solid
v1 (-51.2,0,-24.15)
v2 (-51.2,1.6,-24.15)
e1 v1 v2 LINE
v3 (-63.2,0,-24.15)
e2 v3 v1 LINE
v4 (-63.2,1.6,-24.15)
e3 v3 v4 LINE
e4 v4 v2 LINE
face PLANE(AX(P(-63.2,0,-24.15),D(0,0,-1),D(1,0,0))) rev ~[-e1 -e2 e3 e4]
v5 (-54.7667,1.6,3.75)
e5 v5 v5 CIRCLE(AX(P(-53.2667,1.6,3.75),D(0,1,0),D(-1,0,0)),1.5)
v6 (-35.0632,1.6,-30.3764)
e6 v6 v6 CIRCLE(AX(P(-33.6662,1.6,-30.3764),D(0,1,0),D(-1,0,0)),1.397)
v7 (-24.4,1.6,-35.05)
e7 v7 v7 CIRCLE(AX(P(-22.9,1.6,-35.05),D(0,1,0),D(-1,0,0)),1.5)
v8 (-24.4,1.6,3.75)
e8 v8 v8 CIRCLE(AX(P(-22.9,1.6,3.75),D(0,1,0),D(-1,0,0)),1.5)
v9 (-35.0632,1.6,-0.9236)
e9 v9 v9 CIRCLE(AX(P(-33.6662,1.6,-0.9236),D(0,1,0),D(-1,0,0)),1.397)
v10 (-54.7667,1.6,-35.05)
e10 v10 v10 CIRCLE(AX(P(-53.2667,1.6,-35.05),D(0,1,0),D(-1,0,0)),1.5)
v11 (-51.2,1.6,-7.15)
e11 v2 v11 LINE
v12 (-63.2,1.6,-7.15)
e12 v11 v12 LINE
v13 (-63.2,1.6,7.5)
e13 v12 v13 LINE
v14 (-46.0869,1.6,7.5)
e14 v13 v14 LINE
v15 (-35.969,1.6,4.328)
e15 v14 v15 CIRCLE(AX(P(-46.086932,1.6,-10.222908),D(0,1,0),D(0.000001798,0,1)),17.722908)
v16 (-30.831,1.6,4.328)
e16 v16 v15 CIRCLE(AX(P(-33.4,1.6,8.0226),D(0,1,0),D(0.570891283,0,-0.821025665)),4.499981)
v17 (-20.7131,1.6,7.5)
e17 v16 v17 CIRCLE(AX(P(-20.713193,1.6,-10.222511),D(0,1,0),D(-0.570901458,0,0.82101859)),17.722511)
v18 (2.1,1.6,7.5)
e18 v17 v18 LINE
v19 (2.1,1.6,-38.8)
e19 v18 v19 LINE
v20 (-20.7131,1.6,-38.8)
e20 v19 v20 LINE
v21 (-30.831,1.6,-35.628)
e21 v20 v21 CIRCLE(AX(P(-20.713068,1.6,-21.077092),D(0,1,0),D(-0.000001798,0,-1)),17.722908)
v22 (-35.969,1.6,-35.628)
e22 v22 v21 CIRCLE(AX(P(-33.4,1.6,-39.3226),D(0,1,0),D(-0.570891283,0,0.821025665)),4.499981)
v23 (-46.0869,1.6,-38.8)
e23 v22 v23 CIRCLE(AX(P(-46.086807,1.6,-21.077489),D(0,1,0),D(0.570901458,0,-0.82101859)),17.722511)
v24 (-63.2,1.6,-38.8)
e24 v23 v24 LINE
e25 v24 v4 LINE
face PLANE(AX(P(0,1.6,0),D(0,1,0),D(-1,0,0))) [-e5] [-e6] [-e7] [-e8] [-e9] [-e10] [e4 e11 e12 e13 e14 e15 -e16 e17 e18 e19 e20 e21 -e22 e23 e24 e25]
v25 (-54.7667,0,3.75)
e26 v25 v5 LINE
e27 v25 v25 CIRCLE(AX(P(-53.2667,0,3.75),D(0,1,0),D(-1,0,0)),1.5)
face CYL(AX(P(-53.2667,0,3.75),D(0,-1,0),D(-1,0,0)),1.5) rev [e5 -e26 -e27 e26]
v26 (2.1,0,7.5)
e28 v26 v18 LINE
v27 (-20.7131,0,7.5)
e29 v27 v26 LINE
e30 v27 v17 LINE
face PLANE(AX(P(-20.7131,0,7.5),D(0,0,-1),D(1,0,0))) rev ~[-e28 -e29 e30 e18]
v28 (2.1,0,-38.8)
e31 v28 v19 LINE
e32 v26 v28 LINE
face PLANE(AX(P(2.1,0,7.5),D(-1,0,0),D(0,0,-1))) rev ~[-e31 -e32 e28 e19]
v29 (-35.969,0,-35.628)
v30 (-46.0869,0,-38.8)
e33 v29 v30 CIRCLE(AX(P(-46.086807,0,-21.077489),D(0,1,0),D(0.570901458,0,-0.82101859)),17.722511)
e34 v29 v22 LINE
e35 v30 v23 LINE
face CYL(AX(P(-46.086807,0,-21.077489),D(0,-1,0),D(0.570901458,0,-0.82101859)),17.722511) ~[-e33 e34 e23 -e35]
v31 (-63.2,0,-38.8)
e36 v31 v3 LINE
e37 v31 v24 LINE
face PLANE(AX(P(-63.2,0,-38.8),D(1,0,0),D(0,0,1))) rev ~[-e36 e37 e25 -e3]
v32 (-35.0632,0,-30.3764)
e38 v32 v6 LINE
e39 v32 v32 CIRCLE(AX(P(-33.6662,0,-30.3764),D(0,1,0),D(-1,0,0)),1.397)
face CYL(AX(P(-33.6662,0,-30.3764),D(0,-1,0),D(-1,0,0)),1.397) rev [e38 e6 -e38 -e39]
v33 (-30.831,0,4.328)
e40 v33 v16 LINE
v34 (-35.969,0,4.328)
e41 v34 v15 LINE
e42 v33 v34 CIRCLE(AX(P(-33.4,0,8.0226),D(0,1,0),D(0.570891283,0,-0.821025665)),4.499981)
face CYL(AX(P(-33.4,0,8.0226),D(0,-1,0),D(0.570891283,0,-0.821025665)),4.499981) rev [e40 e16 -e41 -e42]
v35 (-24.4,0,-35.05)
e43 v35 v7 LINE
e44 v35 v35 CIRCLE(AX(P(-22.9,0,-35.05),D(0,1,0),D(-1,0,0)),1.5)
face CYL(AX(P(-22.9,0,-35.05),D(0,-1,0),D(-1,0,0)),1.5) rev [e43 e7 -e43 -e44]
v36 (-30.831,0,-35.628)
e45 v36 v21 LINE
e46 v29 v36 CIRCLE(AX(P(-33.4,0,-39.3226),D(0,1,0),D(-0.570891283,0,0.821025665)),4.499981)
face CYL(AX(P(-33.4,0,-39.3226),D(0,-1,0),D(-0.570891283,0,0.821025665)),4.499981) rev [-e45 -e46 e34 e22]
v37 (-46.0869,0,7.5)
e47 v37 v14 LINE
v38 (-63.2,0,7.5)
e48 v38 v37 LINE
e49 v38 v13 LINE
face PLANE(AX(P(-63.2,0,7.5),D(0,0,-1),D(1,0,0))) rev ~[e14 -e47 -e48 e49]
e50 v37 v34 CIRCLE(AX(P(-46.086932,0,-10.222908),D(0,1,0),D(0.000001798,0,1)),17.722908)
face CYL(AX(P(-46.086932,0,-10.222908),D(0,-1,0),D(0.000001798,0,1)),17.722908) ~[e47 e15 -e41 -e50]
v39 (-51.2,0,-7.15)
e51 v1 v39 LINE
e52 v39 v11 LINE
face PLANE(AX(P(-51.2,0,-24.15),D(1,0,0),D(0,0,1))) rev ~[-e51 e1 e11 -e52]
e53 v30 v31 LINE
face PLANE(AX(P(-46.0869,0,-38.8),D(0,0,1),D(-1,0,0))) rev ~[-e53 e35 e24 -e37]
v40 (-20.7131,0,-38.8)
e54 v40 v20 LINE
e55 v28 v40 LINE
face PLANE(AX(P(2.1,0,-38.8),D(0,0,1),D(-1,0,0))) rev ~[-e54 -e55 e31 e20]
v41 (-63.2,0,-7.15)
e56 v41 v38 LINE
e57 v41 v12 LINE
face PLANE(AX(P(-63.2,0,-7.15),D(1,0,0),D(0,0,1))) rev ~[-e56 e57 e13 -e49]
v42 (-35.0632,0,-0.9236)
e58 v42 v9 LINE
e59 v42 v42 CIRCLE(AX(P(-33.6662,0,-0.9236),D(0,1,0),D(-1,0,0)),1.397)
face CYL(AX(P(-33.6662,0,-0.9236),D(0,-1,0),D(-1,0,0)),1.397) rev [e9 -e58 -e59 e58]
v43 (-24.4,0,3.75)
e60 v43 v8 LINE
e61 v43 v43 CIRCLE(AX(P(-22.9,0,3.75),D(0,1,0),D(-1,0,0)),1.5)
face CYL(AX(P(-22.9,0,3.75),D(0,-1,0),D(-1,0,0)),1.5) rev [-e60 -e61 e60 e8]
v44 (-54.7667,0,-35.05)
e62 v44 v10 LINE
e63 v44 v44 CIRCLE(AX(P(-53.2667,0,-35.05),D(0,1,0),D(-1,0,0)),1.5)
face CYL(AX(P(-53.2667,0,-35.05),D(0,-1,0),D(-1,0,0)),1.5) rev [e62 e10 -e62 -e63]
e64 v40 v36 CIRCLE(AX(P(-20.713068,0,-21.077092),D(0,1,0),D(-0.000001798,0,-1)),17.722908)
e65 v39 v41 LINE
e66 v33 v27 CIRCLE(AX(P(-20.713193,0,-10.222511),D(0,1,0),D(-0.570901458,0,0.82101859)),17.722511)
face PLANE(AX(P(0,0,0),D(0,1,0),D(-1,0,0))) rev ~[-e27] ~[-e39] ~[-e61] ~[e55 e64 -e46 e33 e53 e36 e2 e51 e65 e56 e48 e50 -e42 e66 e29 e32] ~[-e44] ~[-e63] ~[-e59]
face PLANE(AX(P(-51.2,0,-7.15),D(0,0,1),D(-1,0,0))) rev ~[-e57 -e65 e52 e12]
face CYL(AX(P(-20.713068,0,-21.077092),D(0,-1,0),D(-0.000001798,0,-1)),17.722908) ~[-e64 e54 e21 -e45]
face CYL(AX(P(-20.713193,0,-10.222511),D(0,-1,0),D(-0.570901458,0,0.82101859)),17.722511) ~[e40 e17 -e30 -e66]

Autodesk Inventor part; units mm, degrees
ref_plane "YZ Plane" through (0, 0, 0) normal (1, 0, 0) x (0, 1, 0)
ref_plane "XZ Plane" through (0, 0, 0) normal (0, 1, 0) x (-1, 0, 0)
ref_plane "XY Plane" through (0, 0, 0) normal (0, 0, 1) x (1, 0, 0)
sketch "Эскиз1" plane through (0, 0, 0) normal (0, 1, 0) x (-1, 0, 0)
  circle A0 centre (22.9, 3.75) radius 1.5
  circle A1 centre (53.2667, -35.05) radius 1.5
  circle A2 centre (22.9, -35.05) radius 1.5
  circle A3 centre (33.4, -38.2774) radius 3.3
  circle A4 centre (33.4, 6.9774) radius 3.3
  circle A5 centre (53.2667, 3.75) radius 1.5
  line L0 (63.2, -24.15) -> (51.2, -24.15)
  line L1 (51.2, -24.15) -> (51.2, -7.15)
  line L2 (51.2, -7.15) -> (63.2, -7.15)
  line L3 (63.2, -7.15) -> (63.2, 7.5)
  line L4 (63.2, 7.5) -> (46.0869, 7.5)
  arc A6 (35.969, 10.672) -> (46.0869, 7.5) centre (46.0869, 25.2227) ccw
  arc A7 (35.969, 10.672) -> (30.831, 10.672) centre (33.4, 6.9774) ccw
  arc A8 (20.7131, 7.5) -> (30.831, 10.672) centre (20.7131, 25.2227) ccw
  line L5 (20.7131, 7.5) -> (-2.1, 7.5)
  line L6 (-2.1, 7.5) -> (-2.1, -38.8)
  line L7 (-2.1, -38.8) -> (20.7131, -38.8)
  arc A9 (30.831, -41.972) -> (20.7131, -38.8) centre (20.7131, -56.5227) ccw
  arc A10 (30.831, -41.972) -> (35.969, -41.972) centre (33.4, -38.2774) ccw
  arc A11 (46.0869, -38.8) -> (35.969, -41.972) centre (46.0869, -56.5227) ccw
  line L8 (46.0869, -38.8) -> (63.2, -38.8)
  line L9 (63.2, -38.8) -> (63.2, -24.15)
  circle A12 centre (30.5522, -15.6437) radius 50
  line L10 (53.2667, -35.05) -> (22.9, -35.05)
  line L11 (53.2667, 3.75) -> (22.9, 3.75)
  point P0 (0, 0)
  point P1 (-2.1, -15.65)
  point P2 (0, 0)
  point P3 (-63.2, 38.8)
  point P4 (63.2, -38.8)
  dimension "d7" = 3.75
  dimension "d8" = 3.75
  dimension "d9" = 9.9333
  dimension "d10" = 9.9333
  dimension "d11" = 25
  dimension "d12" = 25
  dimension "d13" = 3
sketch "Эскиз2" plane through (0, 0, 0) normal (0, 1, 0) x (-1, 0, 0)
  line L0 (63.2, 7.5) -> (-2.1, 7.5)
  line L1 (-2.1, 7.5) -> (-2.1, -38.8)
  line L2 (-2.1, -38.8) -> (63.2, -38.8)
  line L3 (63.2, -38.8) -> (63.2, 7.5)
  arc A0 (35.969, 10.672) -> (46.0869, 7.5) centre (46.0869, 25.2227) ccw projected
  arc A1 (35.969, 10.672) -> (30.831, 10.672) centre (33.4, 6.9774) ccw projected
  arc A2 (20.7131, 7.5) -> (30.831, 10.672) centre (20.7131, 25.2227) ccw projected
  arc A3 (46.0869, -38.8) -> (35.969, -41.972) centre (46.0869, -56.5227) ccw projected
  arc A4 (30.831, -41.972) -> (35.969, -41.972) centre (33.4, -38.2774) ccw projected
  arc A5 (30.831, -41.972) -> (20.7131, -38.8) centre (20.7131, -56.5227) ccw projected
  arc A6 (46.0869, 7.5) -> (35.969, 4.328) centre (46.0869, -10.2227) ccw
  arc A7 (30.831, 4.328) -> (35.969, 4.328) centre (33.4, 8.0226) ccw
  arc A8 (30.831, 4.328) -> (20.7131, 7.5) centre (20.7131, -10.2227) ccw
  arc A9 (35.969, -35.628) -> (46.0869, -38.8) centre (46.0869, -21.0773) ccw
  arc A10 (35.969, -35.628) -> (30.831, -35.628) centre (33.4, -39.3226) ccw
  arc A11 (20.7131, -38.8) -> (30.831, -35.628) centre (20.7131, -21.0773) ccw
  circle A12 centre (53.2667, 3.75) radius 1.5 projected
  circle A13 centre (53.2667, -35.05) radius 1.5 projected
  circle A14 centre (22.9, -35.05) radius 1.5 projected
  circle A15 centre (22.9, 3.75) radius 1.5 projected
  line L4 (51.2, -7.15) -> (63.2, -7.15) projected
  line L5 (51.2, -24.15) -> (51.2, -7.15) projected
  line L6 (63.2, -24.15) -> (51.2, -24.15) projected
  line L7 (49.7, 2.1365) -> (49.6974, -33.4365)
  line L8 (5.237, 2.1365) -> (49.7, 2.1365)
  line L9 (49.6974, -33.4365) -> (5.2344, -33.4365)
  line L10 (5.2344, -33.4365) -> (5.237, 2.1365)
  circle A16 centre (33.6662, -30.3764) radius 1.397
  circle A17 centre (33.6662, -0.9236) radius 1.397
  line L11 (49.7, 2.1365) -> (49.7, -33.4365) construction
  line L12 (49.7, -15.65) -> (51.2, -15.65) construction
  arc A18 (-19.4267, 43.6888) -> (-16.3877, 43.6879) centre (-17.9094, 36.2928) ccw
  circle A19 centre (-3.0489, 41.4072) radius 1.397
  circle A20 centre (-32.5129, 41.4072) radius 1.397
  line L13 (-3.0489, 41.4072) -> (-32.5129, 41.4072)
  line L14 (-17.7809, 41.4072) -> (-17.7809, 38)
  line L15 (30.5522, -15.6437) -> (30.5522, -33.4365) construction
  line L16 (33.6662, -30.3764) -> (33.6662, -0.9236) construction
  dimension "d0" = 35.573
  dimension "d1" = 1.5
  dimension "d4" = 3.0601
  dimension "d5" = 3.0601
  dimension "d6" = 3.114
extrude "Выдавливание1" add sketch "Эскиз2" along normal blind 1.6 contours L3 L4 L5 L6 L2 A9 A10 A11 L1 L0 A8 A7 A6 | L7 L9 L10 L8
equation "\"d12\" = d11"
equation "\"d5\" = d4"
properties part number "openMV_board"
